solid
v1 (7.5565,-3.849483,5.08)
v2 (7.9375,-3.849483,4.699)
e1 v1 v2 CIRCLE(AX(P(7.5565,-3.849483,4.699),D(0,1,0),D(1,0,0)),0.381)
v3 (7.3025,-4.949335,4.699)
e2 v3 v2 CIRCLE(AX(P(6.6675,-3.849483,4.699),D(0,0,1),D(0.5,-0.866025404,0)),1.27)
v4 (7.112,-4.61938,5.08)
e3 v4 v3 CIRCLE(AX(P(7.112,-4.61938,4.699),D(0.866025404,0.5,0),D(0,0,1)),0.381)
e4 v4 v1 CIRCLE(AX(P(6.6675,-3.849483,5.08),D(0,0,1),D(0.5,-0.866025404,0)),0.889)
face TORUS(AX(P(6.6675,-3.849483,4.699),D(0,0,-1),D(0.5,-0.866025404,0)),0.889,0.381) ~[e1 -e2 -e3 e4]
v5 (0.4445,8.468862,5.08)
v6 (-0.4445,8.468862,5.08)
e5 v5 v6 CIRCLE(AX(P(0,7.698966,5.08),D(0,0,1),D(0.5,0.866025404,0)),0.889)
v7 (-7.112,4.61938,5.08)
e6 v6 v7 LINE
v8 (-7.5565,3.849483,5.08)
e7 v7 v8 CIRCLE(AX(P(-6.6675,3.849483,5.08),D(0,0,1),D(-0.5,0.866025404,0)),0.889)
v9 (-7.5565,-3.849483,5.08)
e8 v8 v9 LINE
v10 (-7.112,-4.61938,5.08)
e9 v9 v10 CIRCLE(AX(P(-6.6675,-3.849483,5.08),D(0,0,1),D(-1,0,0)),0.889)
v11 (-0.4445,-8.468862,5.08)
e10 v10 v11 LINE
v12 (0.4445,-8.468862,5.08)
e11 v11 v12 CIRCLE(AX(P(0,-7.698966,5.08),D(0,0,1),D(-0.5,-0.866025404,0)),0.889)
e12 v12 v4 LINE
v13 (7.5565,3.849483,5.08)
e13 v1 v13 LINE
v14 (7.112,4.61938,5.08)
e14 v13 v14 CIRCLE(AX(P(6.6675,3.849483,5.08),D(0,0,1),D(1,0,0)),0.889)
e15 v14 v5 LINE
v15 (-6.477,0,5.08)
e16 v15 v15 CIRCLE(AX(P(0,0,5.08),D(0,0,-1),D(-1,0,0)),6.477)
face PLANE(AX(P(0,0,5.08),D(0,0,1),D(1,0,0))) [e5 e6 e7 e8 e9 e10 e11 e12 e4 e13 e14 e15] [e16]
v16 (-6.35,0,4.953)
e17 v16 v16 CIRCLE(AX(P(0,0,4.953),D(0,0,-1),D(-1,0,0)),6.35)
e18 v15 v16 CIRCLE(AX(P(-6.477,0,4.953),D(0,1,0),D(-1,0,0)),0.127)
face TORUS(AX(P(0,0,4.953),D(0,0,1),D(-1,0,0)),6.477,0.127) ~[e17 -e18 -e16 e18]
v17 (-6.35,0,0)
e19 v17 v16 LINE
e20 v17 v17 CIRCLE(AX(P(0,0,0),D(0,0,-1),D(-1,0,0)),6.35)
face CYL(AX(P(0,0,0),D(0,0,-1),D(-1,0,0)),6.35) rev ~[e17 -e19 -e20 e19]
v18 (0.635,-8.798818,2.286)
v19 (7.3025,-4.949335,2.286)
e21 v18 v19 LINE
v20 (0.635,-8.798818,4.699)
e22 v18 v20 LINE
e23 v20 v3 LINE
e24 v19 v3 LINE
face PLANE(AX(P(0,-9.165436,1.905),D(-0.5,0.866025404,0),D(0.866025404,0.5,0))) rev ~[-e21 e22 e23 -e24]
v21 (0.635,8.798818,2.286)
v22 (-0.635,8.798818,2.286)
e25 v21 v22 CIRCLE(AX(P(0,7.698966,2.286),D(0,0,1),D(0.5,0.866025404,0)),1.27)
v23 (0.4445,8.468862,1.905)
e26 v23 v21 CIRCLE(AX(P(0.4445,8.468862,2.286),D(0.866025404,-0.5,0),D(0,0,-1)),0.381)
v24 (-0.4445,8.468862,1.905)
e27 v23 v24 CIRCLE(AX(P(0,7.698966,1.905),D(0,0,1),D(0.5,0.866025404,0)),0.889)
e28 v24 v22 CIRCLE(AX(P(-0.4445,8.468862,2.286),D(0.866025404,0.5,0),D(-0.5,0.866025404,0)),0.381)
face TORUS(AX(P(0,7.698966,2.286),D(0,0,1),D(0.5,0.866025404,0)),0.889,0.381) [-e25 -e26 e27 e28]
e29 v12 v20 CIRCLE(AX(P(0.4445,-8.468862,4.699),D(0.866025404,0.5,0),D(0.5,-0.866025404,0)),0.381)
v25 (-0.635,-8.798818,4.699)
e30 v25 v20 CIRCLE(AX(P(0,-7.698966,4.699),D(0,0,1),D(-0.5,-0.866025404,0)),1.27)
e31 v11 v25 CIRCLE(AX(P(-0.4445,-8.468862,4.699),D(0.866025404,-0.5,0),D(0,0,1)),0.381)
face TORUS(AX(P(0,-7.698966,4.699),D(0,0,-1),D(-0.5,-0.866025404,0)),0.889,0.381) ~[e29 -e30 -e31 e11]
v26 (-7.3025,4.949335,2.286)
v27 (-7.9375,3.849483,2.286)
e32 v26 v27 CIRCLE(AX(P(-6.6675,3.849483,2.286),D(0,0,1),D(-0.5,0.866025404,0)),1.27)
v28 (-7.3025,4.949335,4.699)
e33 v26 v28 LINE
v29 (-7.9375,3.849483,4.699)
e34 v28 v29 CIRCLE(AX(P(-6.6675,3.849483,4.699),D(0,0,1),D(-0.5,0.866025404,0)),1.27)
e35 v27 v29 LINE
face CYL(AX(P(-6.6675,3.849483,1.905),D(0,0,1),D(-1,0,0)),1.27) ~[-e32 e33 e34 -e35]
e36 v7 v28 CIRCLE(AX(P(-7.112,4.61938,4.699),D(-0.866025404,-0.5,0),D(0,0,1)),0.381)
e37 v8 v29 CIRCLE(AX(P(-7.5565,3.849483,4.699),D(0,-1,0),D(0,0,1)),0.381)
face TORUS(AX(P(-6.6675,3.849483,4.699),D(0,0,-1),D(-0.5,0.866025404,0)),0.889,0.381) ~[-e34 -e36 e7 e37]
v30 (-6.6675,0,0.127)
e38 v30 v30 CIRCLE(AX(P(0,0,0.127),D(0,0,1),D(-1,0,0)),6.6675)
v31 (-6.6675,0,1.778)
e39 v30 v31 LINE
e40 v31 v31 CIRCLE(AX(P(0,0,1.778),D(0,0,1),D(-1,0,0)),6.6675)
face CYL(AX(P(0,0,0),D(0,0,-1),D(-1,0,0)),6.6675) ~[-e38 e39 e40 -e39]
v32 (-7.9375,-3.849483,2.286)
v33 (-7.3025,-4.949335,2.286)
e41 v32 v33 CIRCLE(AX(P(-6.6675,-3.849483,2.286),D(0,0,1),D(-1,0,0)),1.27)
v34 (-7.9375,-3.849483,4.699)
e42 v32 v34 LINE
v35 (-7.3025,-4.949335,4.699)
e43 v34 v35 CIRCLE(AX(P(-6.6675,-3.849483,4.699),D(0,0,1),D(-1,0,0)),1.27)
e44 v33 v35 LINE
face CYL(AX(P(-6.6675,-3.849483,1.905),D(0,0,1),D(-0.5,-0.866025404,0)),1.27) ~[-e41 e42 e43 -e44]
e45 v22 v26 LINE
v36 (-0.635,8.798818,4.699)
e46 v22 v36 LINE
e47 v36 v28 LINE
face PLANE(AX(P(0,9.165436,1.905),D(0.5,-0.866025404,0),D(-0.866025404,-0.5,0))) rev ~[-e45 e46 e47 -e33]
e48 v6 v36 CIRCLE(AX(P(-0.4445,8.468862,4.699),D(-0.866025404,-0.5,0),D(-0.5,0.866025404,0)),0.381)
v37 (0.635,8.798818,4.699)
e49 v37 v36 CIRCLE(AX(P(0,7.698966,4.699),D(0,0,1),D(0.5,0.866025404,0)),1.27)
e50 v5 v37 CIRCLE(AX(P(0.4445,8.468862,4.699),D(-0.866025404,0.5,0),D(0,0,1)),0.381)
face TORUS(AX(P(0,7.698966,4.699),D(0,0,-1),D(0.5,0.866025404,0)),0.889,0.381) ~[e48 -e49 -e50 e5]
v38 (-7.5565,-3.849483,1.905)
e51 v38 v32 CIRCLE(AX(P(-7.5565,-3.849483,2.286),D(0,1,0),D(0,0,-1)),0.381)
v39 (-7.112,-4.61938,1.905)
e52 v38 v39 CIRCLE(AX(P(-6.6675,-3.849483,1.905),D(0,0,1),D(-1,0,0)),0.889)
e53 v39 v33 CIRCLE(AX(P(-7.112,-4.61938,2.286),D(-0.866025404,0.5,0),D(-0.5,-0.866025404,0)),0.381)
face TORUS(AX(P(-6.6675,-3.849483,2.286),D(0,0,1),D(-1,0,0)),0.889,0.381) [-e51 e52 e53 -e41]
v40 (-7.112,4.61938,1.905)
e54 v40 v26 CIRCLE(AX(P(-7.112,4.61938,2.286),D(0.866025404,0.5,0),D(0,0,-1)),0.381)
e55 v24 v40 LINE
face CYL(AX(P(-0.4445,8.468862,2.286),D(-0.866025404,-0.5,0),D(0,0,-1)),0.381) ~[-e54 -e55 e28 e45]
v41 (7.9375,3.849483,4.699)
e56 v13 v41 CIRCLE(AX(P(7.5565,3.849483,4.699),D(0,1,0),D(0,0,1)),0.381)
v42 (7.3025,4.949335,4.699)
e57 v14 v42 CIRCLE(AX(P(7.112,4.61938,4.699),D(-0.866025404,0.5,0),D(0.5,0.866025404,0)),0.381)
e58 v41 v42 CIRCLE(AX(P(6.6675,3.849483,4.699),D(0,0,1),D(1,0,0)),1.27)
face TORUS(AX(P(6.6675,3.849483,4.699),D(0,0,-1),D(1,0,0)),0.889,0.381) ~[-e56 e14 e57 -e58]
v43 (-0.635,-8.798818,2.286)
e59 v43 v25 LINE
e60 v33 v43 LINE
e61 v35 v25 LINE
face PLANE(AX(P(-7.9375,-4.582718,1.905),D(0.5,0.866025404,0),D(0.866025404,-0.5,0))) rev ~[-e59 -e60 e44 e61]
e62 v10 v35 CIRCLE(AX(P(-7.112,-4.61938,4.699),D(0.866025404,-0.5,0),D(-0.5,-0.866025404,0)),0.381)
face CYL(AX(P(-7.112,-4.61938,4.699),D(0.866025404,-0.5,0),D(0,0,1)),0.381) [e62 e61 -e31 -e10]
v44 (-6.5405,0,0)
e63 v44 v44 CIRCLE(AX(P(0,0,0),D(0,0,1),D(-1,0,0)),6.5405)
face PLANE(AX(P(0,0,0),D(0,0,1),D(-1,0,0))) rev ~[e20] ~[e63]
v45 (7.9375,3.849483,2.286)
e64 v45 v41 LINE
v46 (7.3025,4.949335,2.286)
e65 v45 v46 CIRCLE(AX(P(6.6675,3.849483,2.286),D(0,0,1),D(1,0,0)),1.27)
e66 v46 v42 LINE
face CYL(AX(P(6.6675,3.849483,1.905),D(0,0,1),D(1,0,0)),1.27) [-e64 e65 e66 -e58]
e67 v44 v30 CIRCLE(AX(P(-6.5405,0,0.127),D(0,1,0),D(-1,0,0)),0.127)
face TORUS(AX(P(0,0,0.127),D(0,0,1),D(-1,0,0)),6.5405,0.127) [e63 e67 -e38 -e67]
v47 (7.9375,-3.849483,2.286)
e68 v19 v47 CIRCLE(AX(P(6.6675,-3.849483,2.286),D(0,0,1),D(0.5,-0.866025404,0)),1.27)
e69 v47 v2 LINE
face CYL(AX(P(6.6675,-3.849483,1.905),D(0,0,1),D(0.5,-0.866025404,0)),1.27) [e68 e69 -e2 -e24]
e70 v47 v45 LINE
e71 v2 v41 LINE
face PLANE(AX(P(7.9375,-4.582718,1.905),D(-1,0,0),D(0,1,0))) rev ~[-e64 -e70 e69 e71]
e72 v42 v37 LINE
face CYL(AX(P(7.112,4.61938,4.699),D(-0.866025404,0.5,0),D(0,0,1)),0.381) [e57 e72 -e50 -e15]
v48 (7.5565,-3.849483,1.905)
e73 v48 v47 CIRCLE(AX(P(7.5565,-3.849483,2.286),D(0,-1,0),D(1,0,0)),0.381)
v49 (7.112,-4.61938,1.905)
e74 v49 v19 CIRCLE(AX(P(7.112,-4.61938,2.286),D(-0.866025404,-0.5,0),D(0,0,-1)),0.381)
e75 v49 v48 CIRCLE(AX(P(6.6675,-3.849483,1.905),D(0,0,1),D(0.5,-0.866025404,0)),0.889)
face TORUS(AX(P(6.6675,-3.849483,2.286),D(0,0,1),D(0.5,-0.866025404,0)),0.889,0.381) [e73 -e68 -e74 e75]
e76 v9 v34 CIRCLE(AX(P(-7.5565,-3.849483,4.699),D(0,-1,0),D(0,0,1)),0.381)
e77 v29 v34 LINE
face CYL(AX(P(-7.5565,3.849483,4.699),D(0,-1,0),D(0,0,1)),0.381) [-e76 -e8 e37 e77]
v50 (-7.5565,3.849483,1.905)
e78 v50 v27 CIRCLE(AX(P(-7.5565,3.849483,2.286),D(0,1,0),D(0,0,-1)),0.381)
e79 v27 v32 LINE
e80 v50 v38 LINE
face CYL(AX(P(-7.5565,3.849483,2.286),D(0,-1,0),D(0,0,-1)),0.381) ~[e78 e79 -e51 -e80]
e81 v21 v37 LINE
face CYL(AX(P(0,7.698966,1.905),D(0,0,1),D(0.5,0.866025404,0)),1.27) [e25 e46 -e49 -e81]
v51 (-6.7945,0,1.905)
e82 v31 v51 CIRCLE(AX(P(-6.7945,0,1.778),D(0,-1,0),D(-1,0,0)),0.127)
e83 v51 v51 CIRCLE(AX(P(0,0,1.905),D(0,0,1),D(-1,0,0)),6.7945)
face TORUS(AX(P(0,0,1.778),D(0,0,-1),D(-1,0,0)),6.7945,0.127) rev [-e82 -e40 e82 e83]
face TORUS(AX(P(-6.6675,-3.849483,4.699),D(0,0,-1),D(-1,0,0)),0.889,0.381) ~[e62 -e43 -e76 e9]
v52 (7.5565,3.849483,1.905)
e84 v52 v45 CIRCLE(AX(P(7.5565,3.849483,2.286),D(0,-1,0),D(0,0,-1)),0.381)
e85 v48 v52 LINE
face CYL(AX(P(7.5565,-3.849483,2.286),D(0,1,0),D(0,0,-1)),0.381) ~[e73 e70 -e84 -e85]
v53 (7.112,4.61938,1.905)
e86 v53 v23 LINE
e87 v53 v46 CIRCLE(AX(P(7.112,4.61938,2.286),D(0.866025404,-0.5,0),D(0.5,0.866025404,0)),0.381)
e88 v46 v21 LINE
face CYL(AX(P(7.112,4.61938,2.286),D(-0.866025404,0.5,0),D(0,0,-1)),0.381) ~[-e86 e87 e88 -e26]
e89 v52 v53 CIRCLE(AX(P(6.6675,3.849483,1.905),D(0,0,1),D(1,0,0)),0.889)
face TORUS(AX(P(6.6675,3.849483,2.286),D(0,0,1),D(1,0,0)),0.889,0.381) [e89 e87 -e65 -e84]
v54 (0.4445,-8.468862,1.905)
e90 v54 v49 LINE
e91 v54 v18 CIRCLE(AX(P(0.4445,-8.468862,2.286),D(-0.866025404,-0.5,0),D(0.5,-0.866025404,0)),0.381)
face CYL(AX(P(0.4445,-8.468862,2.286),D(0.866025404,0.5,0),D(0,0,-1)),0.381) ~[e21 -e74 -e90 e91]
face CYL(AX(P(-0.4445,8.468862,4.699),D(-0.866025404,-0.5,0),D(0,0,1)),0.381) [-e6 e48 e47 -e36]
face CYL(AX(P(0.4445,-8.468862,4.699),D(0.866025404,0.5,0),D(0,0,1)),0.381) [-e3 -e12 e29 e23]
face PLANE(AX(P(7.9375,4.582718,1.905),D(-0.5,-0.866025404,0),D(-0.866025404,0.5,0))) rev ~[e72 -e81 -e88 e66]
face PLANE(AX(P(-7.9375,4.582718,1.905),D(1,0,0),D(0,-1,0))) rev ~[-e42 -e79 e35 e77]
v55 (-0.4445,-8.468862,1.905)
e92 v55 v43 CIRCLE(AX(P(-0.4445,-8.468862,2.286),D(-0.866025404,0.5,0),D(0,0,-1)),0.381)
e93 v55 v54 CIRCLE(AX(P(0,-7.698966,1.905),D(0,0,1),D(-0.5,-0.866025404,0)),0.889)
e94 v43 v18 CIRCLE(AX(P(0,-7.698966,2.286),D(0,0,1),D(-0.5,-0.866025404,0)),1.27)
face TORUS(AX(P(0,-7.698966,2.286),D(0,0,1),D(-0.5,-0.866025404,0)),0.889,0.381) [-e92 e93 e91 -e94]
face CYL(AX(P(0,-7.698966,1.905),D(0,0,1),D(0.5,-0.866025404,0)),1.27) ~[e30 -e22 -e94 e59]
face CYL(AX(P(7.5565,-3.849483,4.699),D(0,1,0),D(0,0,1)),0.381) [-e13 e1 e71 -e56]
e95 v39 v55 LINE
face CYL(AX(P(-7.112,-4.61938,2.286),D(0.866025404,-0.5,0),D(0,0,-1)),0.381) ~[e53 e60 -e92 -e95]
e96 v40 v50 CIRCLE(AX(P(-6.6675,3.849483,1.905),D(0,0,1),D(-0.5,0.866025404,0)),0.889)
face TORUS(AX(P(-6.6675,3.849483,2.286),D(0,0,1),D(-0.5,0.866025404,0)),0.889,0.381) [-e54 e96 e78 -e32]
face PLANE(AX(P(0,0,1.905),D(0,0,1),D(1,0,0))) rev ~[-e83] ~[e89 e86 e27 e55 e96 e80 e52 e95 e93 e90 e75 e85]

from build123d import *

# Parameters (mm, degrees)
SKETCH1_R           = 6.6675
BOSS_EXTRUDE1_DEPTH = 1.905
BOSS_EXTRUDE2_DEPTH = 3.175
SKETCH3_R           = 6.35
CUT_EXTRUDE1_DEPTH  = 14.145931484
FILLET1_R           = 1.27
FILLET2_R           = 0.381
FILLET3_R           = 0.381
FILLET4_R           = 0.127
FILLET5_R           = 0.127


with BuildPart() as part:
    # Sketch1 → Boss-Extrude1 (new body)
    with BuildSketch(Plane.XY):
        with Locations(Location((0, 0, 0), (0, 0, 180))):
            Circle(SKETCH1_R)
    extrude(amount=BOSS_EXTRUDE1_DEPTH)

    # Sketch2 → Boss-Extrude2 (add)
    with BuildSketch(Plane.XY.offset(1.905)):
        Polygon((0, -9.165435523), (7.9375, -4.582717762), (7.9375, 4.582717762), (0, 9.165435523), (-7.9375, 4.582717762), (-7.9375, -4.582717762), align=None)
    extrude(amount=BOSS_EXTRUDE2_DEPTH)

    # Sketch3 → Cut-Extrude1 (cut, through all)
    with BuildSketch(Plane(origin=(0, 0, 0), x_dir=(-1, 0, 0), z_dir=(0, 0, -1))):
        Circle(SKETCH3_R)
    extrude(amount=-CUT_EXTRUDE1_DEPTH, mode=Mode.SUBTRACT)

    # Fillet1
    fillet1_edges = [part.edges().sort_by_distance(p)[0] for p in [
        (-7.9375, -4.582717762, 3.4925),
        (0, -9.165435523, 3.4925),
        (7.9375, -4.582717762, 3.4925),
        (7.9375, 4.582717762, 3.4925),
        (0, 9.165435523, 3.4925),
        (-7.9375, 4.582717762, 3.4925),
    ]]
    fillet(fillet1_edges, radius=FILLET1_R)

    # Fillet2
    fillet2_edges = [part.edges().sort_by_distance(p)[0] for p in [
        (-7.9375, 0, 1.905),
        (-3.96875, -6.874076643, 1.905),
        (-3.96875, 6.874076643, 1.905),
        (3.96875, 6.874076643, 1.905),
        (7.9375, 0, 1.905),
        (3.96875, -6.874076643, 1.905),
        (0, 8.96896584, 1.905),
        (7.767352263, 4.48448292, 1.905),
        (7.767352263, -4.48448292, 1.905),
        (0, -8.96896584, 1.905),
        (-7.767352263, -4.48448292, 1.905),
        (-7.767352263, 4.48448292, 1.905),
    ]]
    fillet(fillet2_edges, radius=FILLET2_R)

    # Fillet3
    fillet3_edges = [part.edges().sort_by_distance(p)[0] for p in [
        (-7.9375, 0, 5.08),
        (-3.96875, 6.874076643, 5.08),
        (-3.96875, -6.874076643, 5.08),
        (3.96875, -6.874076643, 5.08),
        (7.9375, 0, 5.08),
        (3.96875, 6.874076643, 5.08),
        (0, 8.96896584, 5.08),
        (7.767352263, 4.48448292, 5.08),
        (7.767352263, -4.48448292, 5.08),
        (0, -8.96896584, 5.08),
        (-7.767352263, -4.48448292, 5.08),
        (-7.767352263, 4.48448292, 5.08),
    ]]
    fillet(fillet3_edges, radius=FILLET3_R)

    # Fillet4
    fillet4_edges = [part.edges().sort_by_distance(p)[0] for p in [
        (6.35, 0, 5.08),
    ]]
    fillet(fillet4_edges, radius=FILLET4_R)

    # Fillet5
    fillet5_edges = [part.edges().sort_by_distance(p)[0] for p in [
        (6.6675, 0, 0),
        (6.6675, 0, 1.905),
    ]]
    fillet(fillet5_edges, radius=FILLET5_R)


solid = part.part
